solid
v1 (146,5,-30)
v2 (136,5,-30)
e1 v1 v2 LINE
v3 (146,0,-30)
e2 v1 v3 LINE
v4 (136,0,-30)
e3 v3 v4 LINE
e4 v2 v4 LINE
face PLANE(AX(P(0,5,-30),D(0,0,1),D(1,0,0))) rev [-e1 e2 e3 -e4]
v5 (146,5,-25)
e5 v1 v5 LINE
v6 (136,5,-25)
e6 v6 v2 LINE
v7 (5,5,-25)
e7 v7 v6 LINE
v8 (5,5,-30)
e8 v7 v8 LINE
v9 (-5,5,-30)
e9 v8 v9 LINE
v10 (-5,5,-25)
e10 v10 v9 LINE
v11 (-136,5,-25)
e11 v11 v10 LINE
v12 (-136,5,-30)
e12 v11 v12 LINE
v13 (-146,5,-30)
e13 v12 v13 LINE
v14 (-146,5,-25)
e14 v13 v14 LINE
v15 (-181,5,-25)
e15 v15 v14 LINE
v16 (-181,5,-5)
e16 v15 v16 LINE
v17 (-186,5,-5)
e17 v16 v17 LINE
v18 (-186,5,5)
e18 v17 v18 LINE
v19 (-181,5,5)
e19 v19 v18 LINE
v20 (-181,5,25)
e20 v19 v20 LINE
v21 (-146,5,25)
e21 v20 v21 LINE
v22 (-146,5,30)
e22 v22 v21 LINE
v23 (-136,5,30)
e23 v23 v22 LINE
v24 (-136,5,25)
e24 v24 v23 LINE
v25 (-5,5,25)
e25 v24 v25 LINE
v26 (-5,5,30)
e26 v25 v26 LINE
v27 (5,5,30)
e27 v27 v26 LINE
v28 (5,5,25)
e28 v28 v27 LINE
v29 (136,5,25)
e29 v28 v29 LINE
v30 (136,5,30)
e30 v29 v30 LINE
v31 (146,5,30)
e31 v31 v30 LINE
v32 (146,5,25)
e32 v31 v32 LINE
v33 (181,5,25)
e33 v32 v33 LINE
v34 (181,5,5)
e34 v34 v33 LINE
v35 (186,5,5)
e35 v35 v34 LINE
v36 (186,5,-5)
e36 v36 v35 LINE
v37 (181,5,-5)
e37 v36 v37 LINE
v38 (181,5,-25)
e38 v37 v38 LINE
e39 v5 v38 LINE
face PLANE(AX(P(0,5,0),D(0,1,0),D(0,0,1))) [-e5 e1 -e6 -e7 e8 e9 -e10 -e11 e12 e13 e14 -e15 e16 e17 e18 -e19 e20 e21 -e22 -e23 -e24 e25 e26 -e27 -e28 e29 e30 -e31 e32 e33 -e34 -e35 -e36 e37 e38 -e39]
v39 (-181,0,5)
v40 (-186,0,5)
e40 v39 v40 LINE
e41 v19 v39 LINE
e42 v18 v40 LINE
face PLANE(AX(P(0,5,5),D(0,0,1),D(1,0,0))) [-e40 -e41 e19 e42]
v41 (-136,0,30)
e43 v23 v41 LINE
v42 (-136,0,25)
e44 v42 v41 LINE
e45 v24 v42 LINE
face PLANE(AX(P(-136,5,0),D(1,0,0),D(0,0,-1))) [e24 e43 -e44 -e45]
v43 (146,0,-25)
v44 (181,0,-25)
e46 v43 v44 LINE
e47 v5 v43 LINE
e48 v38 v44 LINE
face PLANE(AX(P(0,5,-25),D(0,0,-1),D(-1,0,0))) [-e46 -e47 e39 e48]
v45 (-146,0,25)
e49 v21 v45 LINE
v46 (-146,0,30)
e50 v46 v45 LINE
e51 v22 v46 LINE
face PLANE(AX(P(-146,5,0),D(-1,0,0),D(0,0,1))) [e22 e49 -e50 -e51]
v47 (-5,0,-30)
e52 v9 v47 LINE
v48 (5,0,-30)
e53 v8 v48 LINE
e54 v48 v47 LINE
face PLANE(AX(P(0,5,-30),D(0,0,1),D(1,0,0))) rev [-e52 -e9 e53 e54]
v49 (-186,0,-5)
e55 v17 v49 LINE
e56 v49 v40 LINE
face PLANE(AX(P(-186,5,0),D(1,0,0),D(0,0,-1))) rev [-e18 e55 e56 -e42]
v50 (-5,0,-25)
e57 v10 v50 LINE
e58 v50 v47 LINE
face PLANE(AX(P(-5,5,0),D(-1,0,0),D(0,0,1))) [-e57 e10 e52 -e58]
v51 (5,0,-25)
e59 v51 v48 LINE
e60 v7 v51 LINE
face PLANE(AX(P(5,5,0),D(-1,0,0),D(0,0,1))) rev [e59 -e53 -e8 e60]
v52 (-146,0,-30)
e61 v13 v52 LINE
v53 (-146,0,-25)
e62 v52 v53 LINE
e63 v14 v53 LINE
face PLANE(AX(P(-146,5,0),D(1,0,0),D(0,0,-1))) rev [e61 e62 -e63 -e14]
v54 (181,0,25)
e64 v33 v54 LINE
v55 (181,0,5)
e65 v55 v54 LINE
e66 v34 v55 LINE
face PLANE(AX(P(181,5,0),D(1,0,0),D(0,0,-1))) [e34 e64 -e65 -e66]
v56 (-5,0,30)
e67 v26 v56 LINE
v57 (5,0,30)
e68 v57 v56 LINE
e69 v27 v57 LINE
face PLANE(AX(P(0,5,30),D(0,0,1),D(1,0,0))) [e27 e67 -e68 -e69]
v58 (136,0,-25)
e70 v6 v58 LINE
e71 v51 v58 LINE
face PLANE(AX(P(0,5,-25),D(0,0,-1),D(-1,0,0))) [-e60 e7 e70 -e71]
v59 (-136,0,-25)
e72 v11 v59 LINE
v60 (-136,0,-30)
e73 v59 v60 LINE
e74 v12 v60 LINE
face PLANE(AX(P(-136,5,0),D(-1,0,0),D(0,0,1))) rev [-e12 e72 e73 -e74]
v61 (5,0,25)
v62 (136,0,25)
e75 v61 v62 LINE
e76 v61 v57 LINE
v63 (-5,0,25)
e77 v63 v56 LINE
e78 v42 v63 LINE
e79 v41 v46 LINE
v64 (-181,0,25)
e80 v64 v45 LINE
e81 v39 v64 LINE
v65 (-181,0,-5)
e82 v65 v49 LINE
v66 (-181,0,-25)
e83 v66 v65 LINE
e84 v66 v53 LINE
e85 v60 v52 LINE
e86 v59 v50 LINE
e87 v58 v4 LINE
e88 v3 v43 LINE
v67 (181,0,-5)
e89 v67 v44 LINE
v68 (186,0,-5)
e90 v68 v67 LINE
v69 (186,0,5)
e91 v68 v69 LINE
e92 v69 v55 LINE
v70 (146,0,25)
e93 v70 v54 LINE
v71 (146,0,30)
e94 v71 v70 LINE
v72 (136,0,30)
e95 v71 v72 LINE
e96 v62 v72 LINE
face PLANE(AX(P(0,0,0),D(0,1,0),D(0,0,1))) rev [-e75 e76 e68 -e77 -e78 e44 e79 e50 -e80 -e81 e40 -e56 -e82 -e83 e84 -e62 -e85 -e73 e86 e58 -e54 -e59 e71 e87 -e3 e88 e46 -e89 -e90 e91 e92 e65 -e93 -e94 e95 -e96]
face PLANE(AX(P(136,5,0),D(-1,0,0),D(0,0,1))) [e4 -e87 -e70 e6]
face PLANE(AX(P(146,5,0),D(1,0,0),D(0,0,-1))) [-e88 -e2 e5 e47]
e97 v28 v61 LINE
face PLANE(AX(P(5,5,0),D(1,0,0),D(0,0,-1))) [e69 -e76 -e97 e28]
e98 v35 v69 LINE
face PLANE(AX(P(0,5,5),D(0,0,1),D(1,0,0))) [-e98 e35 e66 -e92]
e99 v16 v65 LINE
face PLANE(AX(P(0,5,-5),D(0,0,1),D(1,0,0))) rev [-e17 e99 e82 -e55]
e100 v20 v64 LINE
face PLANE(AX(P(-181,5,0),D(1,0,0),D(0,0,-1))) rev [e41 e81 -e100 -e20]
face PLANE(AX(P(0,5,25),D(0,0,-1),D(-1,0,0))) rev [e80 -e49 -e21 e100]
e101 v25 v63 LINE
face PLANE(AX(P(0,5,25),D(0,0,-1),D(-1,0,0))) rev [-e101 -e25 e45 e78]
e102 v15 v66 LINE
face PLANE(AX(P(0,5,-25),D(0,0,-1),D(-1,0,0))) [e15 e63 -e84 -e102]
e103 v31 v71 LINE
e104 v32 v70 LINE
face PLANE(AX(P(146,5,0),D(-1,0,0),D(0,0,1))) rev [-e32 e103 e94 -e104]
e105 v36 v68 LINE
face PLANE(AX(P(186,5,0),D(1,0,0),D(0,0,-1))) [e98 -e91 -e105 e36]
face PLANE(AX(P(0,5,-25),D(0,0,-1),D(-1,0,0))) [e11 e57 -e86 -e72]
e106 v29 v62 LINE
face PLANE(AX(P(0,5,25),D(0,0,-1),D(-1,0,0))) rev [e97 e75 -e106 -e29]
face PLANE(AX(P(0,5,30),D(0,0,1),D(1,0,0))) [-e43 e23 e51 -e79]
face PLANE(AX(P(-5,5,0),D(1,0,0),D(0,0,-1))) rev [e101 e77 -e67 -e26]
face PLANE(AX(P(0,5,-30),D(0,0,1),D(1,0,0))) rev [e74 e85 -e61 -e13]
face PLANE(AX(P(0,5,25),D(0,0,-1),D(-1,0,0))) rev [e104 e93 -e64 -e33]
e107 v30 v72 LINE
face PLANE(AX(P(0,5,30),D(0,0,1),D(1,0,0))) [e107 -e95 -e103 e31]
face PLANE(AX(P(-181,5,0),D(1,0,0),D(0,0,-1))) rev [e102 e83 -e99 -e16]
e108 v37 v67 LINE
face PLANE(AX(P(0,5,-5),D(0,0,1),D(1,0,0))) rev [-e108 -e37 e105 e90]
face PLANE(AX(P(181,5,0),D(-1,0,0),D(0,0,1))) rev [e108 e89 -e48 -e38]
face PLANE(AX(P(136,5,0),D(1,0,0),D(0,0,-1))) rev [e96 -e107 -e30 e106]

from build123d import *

# Parameters (mm, degrees)
BOSS_EXTRUDE1_DEPTH = 5


with BuildPart() as part:
    # Sketch1 → Boss-Extrude1 (new body)
    with BuildSketch(Plane(origin=(0, 0, 0), x_dir=(1, 0, 0), z_dir=(0, 1, 0))):
        Polygon((-181, 25), (-181, 5), (-186, 5), (-186, -5), (-181, -5), (-181, -25), (-146, -25), (-146, -30), (-136, -30), (-136, -25), (-5, -25), (-5, -30), (5, -30), (5, -25), (136, -25), (136, -30), (146, -30), (146, -25), (181, -25), (181, -5), (186, -5), (186, 5), (181, 5), (181, 25), (146, 25), (146, 30), (136, 30), (136, 25), (5, 25), (5, 30), (-5, 30), (-5, 25), (-136, 25), (-136, 30), (-146, 30), (-146, 25), align=None)
    extrude(amount=BOSS_EXTRUDE1_DEPTH)


solid = part.part
